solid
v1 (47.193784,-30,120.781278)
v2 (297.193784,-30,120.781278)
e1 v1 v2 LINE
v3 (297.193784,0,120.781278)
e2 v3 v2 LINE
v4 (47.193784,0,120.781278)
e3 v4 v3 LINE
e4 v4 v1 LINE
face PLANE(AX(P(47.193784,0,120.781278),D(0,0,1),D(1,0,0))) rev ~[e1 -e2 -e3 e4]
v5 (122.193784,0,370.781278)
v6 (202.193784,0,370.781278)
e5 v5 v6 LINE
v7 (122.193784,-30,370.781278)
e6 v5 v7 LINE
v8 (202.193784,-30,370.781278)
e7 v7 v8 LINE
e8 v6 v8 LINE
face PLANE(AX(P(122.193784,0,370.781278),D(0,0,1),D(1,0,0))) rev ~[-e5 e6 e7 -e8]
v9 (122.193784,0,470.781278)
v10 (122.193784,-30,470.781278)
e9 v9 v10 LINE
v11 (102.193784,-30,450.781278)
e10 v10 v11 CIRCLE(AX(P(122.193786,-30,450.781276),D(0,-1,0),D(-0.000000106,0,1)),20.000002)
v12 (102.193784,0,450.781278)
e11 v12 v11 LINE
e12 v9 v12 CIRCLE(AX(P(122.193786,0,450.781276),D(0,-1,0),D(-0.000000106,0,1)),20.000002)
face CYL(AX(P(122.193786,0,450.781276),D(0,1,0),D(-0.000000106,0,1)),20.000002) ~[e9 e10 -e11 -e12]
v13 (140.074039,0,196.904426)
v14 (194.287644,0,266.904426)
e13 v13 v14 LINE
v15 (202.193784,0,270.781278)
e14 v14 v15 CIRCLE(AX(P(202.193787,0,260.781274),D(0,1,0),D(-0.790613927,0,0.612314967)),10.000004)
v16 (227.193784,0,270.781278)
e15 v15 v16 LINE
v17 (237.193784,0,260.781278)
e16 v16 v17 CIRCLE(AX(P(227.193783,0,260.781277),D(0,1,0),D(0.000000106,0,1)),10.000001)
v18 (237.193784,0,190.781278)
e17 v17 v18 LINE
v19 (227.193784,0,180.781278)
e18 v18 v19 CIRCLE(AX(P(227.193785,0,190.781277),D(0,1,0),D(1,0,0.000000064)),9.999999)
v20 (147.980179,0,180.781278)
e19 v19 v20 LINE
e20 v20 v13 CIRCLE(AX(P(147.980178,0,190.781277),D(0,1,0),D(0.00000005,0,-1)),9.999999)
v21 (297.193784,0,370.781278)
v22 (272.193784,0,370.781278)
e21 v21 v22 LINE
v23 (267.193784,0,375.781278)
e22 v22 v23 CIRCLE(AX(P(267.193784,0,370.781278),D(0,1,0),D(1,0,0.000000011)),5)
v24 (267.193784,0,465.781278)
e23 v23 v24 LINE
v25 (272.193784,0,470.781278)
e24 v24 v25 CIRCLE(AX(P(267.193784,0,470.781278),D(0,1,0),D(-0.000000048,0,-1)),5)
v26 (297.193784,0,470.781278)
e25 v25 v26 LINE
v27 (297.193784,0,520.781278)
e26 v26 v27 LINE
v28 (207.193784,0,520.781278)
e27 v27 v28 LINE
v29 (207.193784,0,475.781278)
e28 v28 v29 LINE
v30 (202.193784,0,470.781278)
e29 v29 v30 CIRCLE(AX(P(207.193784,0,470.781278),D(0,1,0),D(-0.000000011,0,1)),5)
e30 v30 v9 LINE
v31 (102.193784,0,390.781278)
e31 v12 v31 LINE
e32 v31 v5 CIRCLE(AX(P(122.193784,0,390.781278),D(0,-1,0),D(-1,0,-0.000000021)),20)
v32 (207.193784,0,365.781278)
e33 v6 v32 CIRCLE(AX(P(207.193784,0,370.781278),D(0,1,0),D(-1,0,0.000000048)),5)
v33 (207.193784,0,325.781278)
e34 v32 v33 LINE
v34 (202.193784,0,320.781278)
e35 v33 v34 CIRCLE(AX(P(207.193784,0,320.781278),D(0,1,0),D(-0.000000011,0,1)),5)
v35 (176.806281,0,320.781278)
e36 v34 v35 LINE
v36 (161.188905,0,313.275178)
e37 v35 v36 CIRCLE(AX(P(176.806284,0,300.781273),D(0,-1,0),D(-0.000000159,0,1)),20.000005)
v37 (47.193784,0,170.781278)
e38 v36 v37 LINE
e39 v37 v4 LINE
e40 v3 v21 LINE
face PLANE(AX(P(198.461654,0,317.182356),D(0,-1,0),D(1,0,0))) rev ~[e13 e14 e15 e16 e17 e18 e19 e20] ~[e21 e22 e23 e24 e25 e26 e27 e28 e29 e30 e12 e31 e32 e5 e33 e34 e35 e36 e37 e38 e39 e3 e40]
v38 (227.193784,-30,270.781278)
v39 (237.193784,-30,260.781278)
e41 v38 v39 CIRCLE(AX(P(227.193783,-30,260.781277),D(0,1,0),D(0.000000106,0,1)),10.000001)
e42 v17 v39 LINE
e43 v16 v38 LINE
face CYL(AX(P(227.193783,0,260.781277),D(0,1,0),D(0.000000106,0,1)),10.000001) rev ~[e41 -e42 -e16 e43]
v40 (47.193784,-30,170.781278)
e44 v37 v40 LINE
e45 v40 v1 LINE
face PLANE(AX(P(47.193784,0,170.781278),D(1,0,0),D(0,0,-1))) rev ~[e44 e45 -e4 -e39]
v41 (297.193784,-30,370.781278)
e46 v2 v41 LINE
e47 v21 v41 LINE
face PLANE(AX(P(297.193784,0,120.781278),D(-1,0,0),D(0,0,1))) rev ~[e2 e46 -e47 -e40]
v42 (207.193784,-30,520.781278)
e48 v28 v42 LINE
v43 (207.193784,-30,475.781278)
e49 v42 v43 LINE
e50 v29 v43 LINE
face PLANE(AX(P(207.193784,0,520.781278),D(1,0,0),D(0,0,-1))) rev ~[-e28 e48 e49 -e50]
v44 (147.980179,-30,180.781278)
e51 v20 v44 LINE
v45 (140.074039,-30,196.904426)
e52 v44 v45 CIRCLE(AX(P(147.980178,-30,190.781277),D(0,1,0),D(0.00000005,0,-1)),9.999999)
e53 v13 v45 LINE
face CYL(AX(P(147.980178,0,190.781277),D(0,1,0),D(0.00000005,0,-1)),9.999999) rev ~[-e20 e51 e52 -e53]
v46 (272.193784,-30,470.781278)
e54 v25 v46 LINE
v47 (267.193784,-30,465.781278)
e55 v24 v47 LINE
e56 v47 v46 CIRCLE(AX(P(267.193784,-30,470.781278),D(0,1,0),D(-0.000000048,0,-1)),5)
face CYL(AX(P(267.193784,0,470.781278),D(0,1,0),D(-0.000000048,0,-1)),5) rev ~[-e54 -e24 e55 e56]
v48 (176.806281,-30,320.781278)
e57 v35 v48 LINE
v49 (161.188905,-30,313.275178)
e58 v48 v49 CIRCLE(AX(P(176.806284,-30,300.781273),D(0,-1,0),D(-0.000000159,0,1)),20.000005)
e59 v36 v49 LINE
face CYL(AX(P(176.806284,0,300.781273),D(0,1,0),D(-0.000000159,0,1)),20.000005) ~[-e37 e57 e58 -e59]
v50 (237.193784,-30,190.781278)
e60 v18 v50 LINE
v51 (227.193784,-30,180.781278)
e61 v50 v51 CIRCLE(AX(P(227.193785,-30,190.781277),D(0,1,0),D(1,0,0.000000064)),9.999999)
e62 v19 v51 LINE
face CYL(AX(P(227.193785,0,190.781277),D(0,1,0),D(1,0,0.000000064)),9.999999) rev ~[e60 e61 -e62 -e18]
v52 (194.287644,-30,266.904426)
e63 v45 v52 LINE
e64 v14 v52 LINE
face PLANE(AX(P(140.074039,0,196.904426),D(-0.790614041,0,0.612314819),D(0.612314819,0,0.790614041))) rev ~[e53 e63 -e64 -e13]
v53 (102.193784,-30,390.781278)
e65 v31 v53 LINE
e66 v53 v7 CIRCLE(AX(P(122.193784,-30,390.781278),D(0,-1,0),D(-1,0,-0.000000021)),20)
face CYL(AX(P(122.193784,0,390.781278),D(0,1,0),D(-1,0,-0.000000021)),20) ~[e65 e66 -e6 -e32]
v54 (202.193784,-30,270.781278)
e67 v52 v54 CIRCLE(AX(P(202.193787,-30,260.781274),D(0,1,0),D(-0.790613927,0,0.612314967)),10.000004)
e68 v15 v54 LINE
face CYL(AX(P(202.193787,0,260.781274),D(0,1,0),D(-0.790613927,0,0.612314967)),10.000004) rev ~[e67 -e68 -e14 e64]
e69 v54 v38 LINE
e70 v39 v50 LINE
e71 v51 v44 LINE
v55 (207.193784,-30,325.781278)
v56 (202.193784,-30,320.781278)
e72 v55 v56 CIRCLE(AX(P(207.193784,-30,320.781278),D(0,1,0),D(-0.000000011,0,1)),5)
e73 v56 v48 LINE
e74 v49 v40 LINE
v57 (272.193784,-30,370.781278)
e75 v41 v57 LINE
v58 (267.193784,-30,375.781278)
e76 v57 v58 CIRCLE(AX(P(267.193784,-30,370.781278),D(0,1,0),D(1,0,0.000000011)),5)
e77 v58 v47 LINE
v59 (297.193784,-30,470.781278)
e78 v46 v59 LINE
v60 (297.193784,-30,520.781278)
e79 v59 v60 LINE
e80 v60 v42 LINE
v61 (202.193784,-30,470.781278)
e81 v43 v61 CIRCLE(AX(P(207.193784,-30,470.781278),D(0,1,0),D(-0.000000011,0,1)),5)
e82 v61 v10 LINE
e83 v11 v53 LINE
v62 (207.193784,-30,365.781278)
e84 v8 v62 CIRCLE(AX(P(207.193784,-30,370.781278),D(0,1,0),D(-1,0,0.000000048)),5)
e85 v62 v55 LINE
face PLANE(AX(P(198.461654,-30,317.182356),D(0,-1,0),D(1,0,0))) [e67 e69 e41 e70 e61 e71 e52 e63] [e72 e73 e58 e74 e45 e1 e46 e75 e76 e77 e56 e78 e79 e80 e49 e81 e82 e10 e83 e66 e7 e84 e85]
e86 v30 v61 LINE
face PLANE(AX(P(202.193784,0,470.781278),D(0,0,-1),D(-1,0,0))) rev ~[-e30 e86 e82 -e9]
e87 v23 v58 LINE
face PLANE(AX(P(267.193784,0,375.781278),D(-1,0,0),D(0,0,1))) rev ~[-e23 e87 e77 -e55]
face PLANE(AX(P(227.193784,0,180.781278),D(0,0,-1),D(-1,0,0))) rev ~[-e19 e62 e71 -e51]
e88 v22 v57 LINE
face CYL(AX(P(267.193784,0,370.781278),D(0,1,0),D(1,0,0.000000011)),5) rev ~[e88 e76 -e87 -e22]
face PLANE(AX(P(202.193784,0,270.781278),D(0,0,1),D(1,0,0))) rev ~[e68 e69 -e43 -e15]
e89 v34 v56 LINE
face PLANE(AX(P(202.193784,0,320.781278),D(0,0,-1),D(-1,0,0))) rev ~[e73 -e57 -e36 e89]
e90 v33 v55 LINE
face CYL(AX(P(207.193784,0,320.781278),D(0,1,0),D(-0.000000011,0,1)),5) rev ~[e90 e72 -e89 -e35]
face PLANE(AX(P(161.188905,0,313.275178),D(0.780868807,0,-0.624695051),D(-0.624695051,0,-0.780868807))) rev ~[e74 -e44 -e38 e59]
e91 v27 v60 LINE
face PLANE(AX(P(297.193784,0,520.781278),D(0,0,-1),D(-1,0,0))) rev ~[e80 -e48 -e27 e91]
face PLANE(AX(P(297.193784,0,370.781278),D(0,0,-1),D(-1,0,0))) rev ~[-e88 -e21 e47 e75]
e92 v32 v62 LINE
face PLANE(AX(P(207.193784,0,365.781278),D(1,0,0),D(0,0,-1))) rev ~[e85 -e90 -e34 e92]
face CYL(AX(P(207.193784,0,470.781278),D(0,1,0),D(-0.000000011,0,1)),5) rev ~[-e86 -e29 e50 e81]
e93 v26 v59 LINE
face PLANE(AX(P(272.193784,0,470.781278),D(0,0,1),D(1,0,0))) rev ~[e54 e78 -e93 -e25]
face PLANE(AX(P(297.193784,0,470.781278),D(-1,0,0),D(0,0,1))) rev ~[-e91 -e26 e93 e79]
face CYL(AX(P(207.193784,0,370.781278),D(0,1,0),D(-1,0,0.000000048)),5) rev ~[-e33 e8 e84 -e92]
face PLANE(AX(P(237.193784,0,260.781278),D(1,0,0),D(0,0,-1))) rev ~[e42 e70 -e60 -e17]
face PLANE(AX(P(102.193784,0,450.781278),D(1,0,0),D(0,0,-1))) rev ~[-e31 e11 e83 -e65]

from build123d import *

# Parameters (mm, degrees)
F1_DEPTH = 30


with BuildPart() as f1:
    # F0 (on Front) → F1 (new body)
    with BuildSketch(Plane.XZ):
        with BuildLine():
            Line((47.193784, 170.781278), (47.193784, 120.781278))
            Line((47.193784, 120.781278), (297.193784, 120.781278))
            Line((297.193784, 120.781278), (297.193784, 370.781278))
            Line((297.193784, 370.781278), (272.193784, 370.781278))
            ThreePointArc((272.193784, 370.781278), (263.65825, 367.245744), (267.193784, 375.781278))
            Line((267.193784, 375.781278), (267.193784, 465.781278))
            ThreePointArc((267.193784, 465.781278), (263.65825, 474.316811), (272.193784, 470.781278))
            Line((272.193784, 470.781278), (297.193784, 470.781278))
            Line((297.193784, 470.781278), (297.193784, 520.781278))
            Line((297.193784, 520.781278), (207.193784, 520.781278))
            Line((207.193784, 520.781278), (207.193784, 475.781278))
            ThreePointArc((207.193784, 475.781278), (210.729318, 467.245744), (202.193784, 470.781278))
            Line((202.193784, 470.781278), (122.193784, 470.781278))
            ThreePointArc((122.193784, 470.781278), (108.051649, 464.923413), (102.193784, 450.781278))
            Line((102.193784, 450.781278), (102.193784, 390.781278))
            ThreePointArc((102.193784, 390.781278), (108.051649, 376.639142), (122.193784, 370.781278))
            Line((122.193784, 370.781278), (202.193784, 370.781278))
            ThreePointArc((202.193784, 370.781278), (210.729318, 374.316811), (207.193784, 365.781278))
            Line((207.193784, 365.781278), (207.193784, 325.781278))
            ThreePointArc((207.193784, 325.781278), (210.729318, 317.245744), (202.193784, 320.781278))
            Line((202.193784, 320.781278), (176.806281, 320.781278))
            ThreePointArc((176.806281, 320.781278), (168.142507, 318.807342), (161.188905, 313.275178))
            Line((161.188905, 313.275178), (47.193784, 170.781278))
        make_face()
        with BuildLine():
            Line((227.193784, 170.781278), (147.980179, 170.781278))
            ThreePointArc((147.980179, 170.781278), (130.022925, 181.975766), (132.167898, 203.027574))
            Line((132.167898, 203.027574), (186.381503, 273.027574))
            ThreePointArc((186.381503, 273.027574), (193.388273, 278.738531), (202.193784, 280.781278))
            Line((202.193784, 280.781278), (227.193784, 280.781278))
            ThreePointArc((227.193784, 280.781278), (241.33592, 274.923413), (247.193784, 260.781278))
            Line((247.193784, 260.781278), (247.193784, 190.781278))
            ThreePointArc((247.193784, 190.781278), (241.33592, 176.639142), (227.193784, 170.781278))
        make_face(mode=Mode.SUBTRACT)
        with BuildLine():
            ThreePointArc((132.167898, 203.027574), (130.022925, 181.975766), (147.980179, 170.781278))
            Line((147.980179, 170.781278), (227.193784, 170.781278))
            ThreePointArc((227.193784, 170.781278), (241.33592, 176.639142), (247.193784, 190.781278))
            Line((247.193784, 190.781278), (247.193784, 260.781278))
            ThreePointArc((247.193784, 260.781278), (241.33592, 274.923413), (227.193784, 280.781278))
            Line((227.193784, 280.781278), (202.193784, 280.781278))
            ThreePointArc((202.193784, 280.781278), (193.388273, 278.738531), (186.381503, 273.027574))
            Line((186.381503, 273.027574), (132.167898, 203.027574))
        make_face()
        with BuildLine():
            ThreePointArc((147.980179, 180.781278), (139.001552, 186.378522), (140.074039, 196.904426))
            Line((140.074039, 196.904426), (194.287644, 266.904426))
            ThreePointArc((194.287644, 266.904426), (197.791028, 269.759904), (202.193784, 270.781278))
            Line((202.193784, 270.781278), (227.193784, 270.781278))
            ThreePointArc((227.193784, 270.781278), (234.264852, 267.852345), (237.193784, 260.781278))
            Line((237.193784, 260.781278), (237.193784, 190.781278))
            ThreePointArc((237.193784, 190.781278), (234.264852, 183.71021), (227.193784, 180.781278))
            Line((227.193784, 180.781278), (147.980179, 180.781278))
        make_face(mode=Mode.SUBTRACT)
    extrude(amount=F1_DEPTH)


solid = f1.part
